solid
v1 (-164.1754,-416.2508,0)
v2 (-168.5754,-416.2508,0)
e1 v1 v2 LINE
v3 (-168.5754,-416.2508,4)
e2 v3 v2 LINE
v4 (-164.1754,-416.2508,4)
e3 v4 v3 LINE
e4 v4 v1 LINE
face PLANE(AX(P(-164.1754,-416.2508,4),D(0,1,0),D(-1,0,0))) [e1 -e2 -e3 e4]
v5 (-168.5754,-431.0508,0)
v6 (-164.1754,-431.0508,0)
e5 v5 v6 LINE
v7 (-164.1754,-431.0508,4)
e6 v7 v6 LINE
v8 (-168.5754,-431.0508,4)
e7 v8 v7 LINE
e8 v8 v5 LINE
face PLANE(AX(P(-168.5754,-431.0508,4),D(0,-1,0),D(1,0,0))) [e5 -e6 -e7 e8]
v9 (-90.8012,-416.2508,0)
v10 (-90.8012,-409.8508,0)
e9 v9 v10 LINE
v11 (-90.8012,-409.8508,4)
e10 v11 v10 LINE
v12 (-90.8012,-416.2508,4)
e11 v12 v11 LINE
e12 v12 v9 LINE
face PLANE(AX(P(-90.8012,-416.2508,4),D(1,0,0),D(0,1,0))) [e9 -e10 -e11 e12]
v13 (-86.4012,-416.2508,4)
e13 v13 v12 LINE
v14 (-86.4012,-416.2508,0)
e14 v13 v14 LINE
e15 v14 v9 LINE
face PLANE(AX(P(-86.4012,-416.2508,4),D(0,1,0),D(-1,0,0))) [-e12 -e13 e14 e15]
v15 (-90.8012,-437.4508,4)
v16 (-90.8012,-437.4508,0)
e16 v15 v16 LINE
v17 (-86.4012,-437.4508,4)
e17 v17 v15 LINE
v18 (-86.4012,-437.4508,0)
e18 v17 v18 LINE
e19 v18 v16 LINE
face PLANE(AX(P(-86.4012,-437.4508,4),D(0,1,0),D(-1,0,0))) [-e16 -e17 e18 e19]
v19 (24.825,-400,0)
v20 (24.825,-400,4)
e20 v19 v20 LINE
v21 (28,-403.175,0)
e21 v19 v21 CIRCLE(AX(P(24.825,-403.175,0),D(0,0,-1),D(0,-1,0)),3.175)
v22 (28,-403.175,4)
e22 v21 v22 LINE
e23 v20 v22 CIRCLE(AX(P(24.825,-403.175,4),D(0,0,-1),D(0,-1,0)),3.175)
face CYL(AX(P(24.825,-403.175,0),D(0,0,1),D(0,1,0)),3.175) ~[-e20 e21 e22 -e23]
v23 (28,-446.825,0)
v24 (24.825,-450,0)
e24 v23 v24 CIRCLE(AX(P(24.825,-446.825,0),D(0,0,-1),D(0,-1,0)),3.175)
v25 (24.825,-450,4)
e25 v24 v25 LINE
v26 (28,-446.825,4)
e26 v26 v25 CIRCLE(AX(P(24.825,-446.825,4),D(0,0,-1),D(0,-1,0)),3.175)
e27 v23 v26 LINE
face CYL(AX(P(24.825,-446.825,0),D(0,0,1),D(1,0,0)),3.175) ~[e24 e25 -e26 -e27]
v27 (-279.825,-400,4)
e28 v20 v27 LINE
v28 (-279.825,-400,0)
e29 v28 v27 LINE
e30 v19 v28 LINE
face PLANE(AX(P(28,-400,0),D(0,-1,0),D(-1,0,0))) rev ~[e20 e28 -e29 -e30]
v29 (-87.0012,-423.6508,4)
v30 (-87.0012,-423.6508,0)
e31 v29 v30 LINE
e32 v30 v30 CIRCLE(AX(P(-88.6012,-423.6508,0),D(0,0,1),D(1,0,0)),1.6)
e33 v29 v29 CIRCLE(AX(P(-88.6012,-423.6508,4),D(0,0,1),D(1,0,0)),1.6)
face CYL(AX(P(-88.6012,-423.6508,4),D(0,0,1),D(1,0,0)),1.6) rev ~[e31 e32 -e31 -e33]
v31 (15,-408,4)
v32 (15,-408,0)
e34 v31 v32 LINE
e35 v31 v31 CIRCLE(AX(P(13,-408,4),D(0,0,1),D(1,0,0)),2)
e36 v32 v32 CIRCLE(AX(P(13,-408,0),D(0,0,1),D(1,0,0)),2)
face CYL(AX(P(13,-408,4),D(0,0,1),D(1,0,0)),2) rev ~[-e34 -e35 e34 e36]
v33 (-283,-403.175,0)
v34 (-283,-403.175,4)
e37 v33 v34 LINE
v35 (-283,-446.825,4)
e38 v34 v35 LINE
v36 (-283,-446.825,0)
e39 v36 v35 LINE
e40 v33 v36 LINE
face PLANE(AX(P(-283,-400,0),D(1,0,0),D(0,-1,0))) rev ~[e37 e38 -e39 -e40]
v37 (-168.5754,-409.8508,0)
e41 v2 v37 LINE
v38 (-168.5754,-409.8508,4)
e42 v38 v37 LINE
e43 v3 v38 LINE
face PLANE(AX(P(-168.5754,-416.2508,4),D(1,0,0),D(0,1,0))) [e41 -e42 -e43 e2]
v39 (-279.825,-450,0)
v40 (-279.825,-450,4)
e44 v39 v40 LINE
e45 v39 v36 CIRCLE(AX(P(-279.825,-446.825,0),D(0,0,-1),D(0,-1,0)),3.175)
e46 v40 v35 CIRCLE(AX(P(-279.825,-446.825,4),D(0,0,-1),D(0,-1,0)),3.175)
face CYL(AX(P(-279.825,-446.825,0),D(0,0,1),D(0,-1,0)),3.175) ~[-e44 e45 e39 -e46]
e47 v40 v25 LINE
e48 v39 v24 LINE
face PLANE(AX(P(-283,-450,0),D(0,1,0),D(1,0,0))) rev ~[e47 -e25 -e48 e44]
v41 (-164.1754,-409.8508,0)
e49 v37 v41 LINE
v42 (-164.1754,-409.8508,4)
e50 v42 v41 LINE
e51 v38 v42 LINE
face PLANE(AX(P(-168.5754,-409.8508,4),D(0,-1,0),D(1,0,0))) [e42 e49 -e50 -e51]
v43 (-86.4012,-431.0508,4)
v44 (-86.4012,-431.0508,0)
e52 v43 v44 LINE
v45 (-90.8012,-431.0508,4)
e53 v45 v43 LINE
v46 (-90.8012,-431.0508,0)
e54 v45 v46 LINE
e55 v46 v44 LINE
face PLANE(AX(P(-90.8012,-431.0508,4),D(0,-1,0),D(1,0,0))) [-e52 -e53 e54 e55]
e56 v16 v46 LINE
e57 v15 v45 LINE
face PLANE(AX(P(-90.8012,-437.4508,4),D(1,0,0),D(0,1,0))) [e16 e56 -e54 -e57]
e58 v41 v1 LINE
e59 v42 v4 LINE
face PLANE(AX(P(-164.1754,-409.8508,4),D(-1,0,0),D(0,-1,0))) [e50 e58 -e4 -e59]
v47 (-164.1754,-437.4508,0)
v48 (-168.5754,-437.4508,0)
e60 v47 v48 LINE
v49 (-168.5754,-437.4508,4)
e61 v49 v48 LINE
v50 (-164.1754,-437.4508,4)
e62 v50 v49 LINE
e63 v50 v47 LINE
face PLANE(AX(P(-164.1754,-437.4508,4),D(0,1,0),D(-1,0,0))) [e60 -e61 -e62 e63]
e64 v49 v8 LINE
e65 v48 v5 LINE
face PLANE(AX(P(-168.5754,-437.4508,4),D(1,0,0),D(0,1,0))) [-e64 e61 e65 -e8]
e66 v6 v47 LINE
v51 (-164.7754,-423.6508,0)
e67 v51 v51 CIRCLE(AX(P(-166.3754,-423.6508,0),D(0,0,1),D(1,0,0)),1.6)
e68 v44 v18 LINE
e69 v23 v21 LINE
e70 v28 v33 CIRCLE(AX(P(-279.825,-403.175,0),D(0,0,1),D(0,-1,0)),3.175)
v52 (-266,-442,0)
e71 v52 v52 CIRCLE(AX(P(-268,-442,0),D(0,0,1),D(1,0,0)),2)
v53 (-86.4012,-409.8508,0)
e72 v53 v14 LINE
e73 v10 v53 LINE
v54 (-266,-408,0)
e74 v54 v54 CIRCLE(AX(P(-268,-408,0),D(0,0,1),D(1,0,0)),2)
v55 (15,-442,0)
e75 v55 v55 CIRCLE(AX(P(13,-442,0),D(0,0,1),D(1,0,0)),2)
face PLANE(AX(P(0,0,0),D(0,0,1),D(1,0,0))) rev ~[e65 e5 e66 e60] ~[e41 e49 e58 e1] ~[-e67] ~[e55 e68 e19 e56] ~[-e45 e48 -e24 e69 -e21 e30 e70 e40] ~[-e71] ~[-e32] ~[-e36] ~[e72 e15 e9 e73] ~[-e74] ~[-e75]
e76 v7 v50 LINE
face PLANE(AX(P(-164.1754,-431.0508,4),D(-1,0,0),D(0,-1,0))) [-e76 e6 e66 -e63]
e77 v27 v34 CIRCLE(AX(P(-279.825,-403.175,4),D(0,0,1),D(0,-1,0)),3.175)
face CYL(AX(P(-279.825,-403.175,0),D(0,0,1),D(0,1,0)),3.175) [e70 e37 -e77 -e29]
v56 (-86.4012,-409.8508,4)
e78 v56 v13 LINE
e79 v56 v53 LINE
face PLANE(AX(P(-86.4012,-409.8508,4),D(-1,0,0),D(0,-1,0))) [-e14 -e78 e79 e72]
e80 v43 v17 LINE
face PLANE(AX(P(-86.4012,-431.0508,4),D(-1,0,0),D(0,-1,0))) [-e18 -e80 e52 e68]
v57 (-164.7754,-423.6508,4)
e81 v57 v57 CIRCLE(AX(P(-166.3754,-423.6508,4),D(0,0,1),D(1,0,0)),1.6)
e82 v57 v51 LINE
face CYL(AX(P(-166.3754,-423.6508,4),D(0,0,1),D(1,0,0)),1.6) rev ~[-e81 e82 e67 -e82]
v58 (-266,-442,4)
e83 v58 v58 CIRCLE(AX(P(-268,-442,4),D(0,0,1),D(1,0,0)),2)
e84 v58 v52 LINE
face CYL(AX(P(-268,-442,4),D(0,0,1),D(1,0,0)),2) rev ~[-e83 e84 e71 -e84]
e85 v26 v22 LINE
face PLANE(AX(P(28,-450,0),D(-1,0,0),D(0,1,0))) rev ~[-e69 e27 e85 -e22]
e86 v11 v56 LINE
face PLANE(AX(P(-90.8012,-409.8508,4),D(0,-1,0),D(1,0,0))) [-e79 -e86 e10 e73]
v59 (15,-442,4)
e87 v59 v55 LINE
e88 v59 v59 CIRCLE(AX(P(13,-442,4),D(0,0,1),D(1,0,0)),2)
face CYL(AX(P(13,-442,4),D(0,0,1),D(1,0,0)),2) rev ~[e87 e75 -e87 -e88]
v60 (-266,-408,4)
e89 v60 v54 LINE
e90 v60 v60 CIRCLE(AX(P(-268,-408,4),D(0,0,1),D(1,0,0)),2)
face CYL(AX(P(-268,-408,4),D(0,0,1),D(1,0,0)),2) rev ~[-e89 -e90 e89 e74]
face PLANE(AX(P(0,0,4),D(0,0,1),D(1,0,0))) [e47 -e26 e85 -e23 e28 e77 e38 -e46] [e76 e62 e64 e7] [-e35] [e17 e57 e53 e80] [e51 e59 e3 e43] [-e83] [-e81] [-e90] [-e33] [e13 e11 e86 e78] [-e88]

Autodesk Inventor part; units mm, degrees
ref_plane "YZ Plane" through (0, 0, 0) normal (1, 0, 0) x (0, 1, 0)
ref_plane "XZ Plane" through (0, 0, 0) normal (0, 1, 0) x (-1, 0, 0)
ref_plane "XY Plane" through (0, 0, 0) normal (0, 0, 1) x (1, 0, 0)
sketch "Sketch1" plane through (0, 0, 0) normal (0, 0, 1) x (1, 0, 0)
  line L0 (-283, 0) -> (-283, -900) projected
  line L1 (28, 100) -> (28, -900) construction
  line L2 (-283, -450) -> (28, -450)
  line L3 (28, -450) -> (28, -400)
  line L4 (28, -400) -> (-283, -400)
  line L5 (-283, -400) -> (-283, -450)
  line L6 (28, 0) -> (28, -900) projected
  point P0 (0, 0)
  dimension "d0" = 50
extrude "Extrusion1" add sketch "Sketch1" along normal blind 4
fillet "Fillet1" radius 3.175 4 edges at (-283, -450, 2) (-283, -400, 2) (28, -450, 2) (28, -400, 2)
sketch "Sketch2" plane through (0, 0, 4) normal (0, 0, 1) x (1, 0, 0)
  line L0 (-90.6012, -437.2508) -> (-90.6012, -431.2508) construction
  line L1 (-90.6012, -437.2508) -> (-86.6012, -437.2508) construction
  line L2 (-86.6012, -431.2508) -> (-86.6012, -437.2508) construction
  line L3 (-90.6012, -431.2508) -> (-86.6012, -431.2508) construction
  line L4 (-90.6012, -416.0508) -> (-90.6012, -410.0508) construction
  line L5 (-90.6012, -416.0508) -> (-86.6012, -416.0508) construction
  line L6 (-86.6012, -410.0508) -> (-86.6012, -416.0508) construction
  line L7 (-90.6012, -410.0508) -> (-86.6012, -410.0508) construction
  line L8 (-168.3754, -437.2508) -> (-168.3754, -431.2508) construction
  line L9 (-168.3754, -437.2508) -> (-164.3754, -437.2508) construction
  line L10 (-164.3754, -431.2508) -> (-164.3754, -437.2508) construction
  line L11 (-168.3754, -431.2508) -> (-164.3754, -431.2508) construction
  line L12 (-168.3754, -416.0508) -> (-168.3754, -410.0508) construction
  line L13 (-168.3754, -416.0508) -> (-164.3754, -416.0508) construction
  line L14 (-164.3754, -410.0508) -> (-164.3754, -416.0508) construction
  line L15 (-168.3754, -410.0508) -> (-164.3754, -410.0508) construction
  line L16 (-112.9543, -436.0142) -> (-107.1133, -436.0142) construction
  line L17 (-168.3754, -425.1508) -> (-168.3754, -422.1508) construction
  line L18 (-168.3754, -425.1508) -> (-168.3754, -422.1508) construction
  line L19 (-168.3754, -425.1508) -> (-164.3754, -425.1508) construction
  line L20 (-164.3754, -422.1508) -> (-164.3754, -425.1508) construction
  line L21 (-168.3754, -422.1508) -> (-164.3754, -422.1508) construction
  line L22 (-90.6012, -425.1508) -> (-90.6012, -422.1508) construction
  line L23 (-90.6012, -425.1508) -> (-86.6012, -425.1508) construction
  line L24 (-86.6012, -422.1508) -> (-86.6012, -425.1508) construction
  line L25 (-90.6012, -422.1508) -> (-86.6012, -422.1508) construction
  line L26 (-86.4012, -431.0508) -> (-86.4012, -437.4508)
  line L27 (-86.4012, -437.4508) -> (-90.8012, -437.4508)
  line L28 (-90.8012, -437.4508) -> (-90.8012, -431.0508)
  line L29 (-90.8012, -431.0508) -> (-86.4012, -431.0508)
  line L30 (-86.4012, -416.2508) -> (-90.8012, -416.2508)
  line L31 (-90.8012, -416.2508) -> (-90.8012, -409.8508)
  line L32 (-90.8012, -409.8508) -> (-86.4012, -409.8508)
  line L33 (-86.4012, -409.8508) -> (-86.4012, -416.2508)
  line L34 (-164.1754, -437.4508) -> (-168.5754, -437.4508)
  line L35 (-168.5754, -437.4508) -> (-168.5754, -431.0508)
  line L36 (-168.5754, -431.0508) -> (-164.1754, -431.0508)
  line L37 (-164.1754, -431.0508) -> (-164.1754, -437.4508)
  line L38 (-164.1754, -416.2508) -> (-168.5754, -416.2508)
  line L39 (-168.5754, -416.2508) -> (-168.5754, -409.8508)
  line L40 (-168.5754, -409.8508) -> (-164.1754, -409.8508)
  line L41 (-164.1754, -409.8508) -> (-164.1754, -416.2508)
  circle A0 centre (-166.3754, -423.6508) radius 1.6
  circle A1 centre (-88.6012, -423.6508) radius 1.6
  point P0 (0, 0)
  dimension "d4" = 0.2
  dimension "d5" = 0.2
  dimension "d6" = 0.2
  dimension "d7" = 0.2
  dimension "d8" = 3.2
  dimension "d9" = 3.2
extrude "Extrusion2" cut sketch "Sketch2" against normal through all
sketch "Sketch3" plane through (0, 0, 4) normal (0, 0, 1) x (1, 0, 0)
  line L0 (17.1, 100) -> (17.1, -900) projected
  line L1 (8.9, 100) -> (17.1, 100) projected
  line L2 (8.9, 100) -> (8.9, -900) projected
  line L3 (17.1, -900) -> (8.9, -900) projected
  line L4 (-263.9, 100) -> (-263.9, -900) projected
  line L5 (-272.1, 100) -> (-263.9, 100) projected
  line L6 (-272.1, 100) -> (-272.1, -900) projected
  line L7 (-263.9, -900) -> (-272.1, -900) projected
  line L8 (55.4545, -442) -> (-299.148, -442) construction
  line L9 (72.1451, -408) -> (-299.148, -408) construction
  line L10 (-279.825, -450) -> (24.825, -450) construction
  line L11 (24.825, -400) -> (-279.825, -400) construction
  line L12 (13, -462.5908) -> (13, -387.796) construction
  line L13 (-268, -463.1777) -> (-268, -383.364) construction
  circle A0 centre (13, -442) radius 2
  circle A1 centre (13, -408) radius 2
  circle A2 centre (-268, -442) radius 2
  circle A3 centre (-268, -408) radius 2
  point P0 (0, 0)
  point P1 (-268, -900)
  point P2 (13, -900)
  dimension "d12" = 8
  dimension "d13" = 8
  dimension "d14" = 4
  dimension "d15" = 4
  dimension "d16" = 4
  dimension "d17" = 4
extrude "Extrusion3" cut sketch "Sketch3" against normal blind 4 contours A0 | A1 | A2 | A3
properties part number "Motor Brace_1"
